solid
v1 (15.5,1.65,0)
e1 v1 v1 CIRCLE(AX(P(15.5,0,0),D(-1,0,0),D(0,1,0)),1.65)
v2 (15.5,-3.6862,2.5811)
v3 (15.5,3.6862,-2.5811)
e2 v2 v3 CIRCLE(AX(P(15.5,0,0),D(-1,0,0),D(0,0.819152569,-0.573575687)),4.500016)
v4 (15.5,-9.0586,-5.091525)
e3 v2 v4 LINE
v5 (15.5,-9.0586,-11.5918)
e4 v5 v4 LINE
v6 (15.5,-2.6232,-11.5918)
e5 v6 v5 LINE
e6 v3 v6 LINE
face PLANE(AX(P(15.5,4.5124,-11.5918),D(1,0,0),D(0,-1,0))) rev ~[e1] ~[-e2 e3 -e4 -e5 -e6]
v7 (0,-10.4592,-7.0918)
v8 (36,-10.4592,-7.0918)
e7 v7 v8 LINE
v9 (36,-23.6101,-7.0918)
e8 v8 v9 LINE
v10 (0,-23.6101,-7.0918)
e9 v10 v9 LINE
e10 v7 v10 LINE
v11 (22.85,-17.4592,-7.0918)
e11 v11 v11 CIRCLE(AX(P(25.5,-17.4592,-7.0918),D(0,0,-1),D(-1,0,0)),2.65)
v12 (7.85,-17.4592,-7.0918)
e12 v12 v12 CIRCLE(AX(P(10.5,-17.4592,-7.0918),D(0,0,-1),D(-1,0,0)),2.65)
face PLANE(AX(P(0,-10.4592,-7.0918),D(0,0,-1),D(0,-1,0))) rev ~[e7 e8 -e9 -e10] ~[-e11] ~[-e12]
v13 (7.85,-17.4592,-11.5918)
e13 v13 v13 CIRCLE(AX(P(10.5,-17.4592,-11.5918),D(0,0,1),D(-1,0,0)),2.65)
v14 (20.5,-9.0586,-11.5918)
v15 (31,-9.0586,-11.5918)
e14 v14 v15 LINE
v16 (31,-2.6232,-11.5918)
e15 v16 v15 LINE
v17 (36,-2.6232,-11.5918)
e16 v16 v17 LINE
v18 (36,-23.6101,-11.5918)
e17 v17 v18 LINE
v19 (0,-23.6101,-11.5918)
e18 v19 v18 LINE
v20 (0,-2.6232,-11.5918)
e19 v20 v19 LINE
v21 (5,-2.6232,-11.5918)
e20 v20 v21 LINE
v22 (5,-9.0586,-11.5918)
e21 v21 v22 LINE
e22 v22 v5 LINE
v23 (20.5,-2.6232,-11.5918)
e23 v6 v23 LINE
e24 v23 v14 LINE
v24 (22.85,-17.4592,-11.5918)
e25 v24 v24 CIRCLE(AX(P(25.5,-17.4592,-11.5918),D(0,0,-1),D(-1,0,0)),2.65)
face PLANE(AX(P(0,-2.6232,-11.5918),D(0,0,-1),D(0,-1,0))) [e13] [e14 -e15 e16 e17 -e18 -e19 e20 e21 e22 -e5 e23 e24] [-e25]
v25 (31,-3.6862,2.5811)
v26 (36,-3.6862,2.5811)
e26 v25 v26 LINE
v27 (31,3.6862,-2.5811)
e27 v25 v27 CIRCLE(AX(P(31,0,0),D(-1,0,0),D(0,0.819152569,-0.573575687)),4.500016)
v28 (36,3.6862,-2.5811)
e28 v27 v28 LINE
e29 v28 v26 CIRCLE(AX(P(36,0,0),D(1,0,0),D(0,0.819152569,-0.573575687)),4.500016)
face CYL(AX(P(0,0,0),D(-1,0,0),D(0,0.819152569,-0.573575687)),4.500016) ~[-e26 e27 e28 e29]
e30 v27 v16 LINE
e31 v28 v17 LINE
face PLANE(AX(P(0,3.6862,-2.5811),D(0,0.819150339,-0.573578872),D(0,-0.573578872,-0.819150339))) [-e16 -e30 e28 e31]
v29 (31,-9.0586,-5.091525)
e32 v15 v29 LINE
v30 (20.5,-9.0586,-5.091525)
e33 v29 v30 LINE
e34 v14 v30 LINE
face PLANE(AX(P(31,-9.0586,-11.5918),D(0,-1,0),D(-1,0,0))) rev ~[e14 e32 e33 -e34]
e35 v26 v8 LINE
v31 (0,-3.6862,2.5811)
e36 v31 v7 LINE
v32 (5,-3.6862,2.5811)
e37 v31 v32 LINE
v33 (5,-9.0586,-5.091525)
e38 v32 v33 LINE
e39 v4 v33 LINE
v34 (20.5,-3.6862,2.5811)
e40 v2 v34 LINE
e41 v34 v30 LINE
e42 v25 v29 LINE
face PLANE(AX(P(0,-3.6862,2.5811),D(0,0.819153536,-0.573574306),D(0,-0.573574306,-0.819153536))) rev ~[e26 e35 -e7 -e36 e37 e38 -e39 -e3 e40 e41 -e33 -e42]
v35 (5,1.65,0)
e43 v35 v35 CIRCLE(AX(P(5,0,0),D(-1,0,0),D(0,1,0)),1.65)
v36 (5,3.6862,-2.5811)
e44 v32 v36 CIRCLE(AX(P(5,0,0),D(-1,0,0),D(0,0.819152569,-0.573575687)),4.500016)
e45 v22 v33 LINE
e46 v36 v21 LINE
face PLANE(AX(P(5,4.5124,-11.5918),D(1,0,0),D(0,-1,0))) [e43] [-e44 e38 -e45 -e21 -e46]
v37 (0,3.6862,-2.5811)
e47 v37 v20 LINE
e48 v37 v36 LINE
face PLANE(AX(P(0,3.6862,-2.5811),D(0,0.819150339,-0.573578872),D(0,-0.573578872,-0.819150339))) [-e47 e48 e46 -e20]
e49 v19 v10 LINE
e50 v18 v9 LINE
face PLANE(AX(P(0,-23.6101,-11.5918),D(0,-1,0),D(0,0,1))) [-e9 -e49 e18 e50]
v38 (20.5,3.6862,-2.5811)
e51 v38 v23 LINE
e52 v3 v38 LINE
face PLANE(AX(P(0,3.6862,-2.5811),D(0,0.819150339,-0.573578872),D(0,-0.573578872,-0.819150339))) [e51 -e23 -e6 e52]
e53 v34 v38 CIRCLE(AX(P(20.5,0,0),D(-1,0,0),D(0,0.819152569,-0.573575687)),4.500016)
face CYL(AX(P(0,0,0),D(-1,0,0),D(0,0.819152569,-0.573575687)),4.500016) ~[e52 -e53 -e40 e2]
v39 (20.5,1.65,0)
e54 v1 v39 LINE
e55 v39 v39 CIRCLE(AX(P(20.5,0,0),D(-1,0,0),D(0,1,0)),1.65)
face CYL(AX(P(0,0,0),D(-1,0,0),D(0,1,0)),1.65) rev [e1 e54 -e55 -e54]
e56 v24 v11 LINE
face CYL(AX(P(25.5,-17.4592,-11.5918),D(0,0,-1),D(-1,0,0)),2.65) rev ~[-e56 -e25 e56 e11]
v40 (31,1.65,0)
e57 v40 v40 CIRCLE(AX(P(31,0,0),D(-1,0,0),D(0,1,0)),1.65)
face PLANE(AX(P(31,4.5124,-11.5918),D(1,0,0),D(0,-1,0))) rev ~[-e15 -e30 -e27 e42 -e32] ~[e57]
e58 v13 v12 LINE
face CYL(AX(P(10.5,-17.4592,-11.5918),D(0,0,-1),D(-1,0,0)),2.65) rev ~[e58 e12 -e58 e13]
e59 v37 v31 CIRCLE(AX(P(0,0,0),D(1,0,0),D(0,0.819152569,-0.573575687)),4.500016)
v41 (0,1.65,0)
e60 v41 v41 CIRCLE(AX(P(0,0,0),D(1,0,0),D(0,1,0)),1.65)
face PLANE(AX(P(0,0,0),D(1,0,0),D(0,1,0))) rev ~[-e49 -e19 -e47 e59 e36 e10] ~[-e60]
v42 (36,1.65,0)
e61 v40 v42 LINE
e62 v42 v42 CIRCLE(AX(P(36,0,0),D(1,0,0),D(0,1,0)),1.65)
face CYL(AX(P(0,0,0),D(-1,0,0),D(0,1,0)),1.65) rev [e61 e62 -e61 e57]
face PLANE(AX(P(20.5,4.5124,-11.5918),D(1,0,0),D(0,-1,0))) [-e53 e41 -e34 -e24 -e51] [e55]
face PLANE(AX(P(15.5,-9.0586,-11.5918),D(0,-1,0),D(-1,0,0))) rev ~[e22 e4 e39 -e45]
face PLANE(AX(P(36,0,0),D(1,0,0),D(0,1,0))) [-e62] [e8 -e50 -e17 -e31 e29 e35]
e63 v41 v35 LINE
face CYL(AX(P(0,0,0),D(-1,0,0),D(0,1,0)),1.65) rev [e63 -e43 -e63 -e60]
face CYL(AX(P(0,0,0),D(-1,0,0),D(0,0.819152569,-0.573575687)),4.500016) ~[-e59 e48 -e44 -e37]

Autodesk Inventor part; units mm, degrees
ref_plane "YZ Plane" through (0, 0, 0) normal (1, 0, 0) x (0, 1, 0)
ref_plane "XZ Plane" through (0, 0, 0) normal (0, 1, 0) x (-1, 0, 0)
ref_plane "XY Plane" through (0, 0, 0) normal (0, 0, 1) x (1, 0, 0)
sketch "스케치1" plane through (0, 0, 0) normal (1, 0, 0) x (0, 1, 0)
  circle A0 centre (0, 0) radius 1.65
  line L0 (-23.6101, -11.5918) -> (-23.6101, -7.0918)
  arc A1 (3.6862, -2.5811) -> (-3.6862, 2.5811) centre (0, 0) ccw
  line L1 (-3.6862, 2.5811) -> (-10.4592, -7.0918)
  line L2 (-10.4592, -7.0918) -> (-23.6101, -7.0918)
  line L3 (3.6862, -2.5811) -> (-2.6232, -11.5918)
  line L4 (-2.6232, -11.5918) -> (-23.6101, -11.5918)
  line L5 (-10.4592, -7.0918) -> (-9.0498, -7.0918)
  line L6 (-9.0498, -7.0918) -> (-9.0498, -11.5918)
  dimension "d5" = 4.5
extrude "돌출1" add sketch "스케치1" along normal blind 36 contours A0 | L0 L2 L5 L6 L4 | L6 L5 L1 A1 L3 L4
sketch "스케치4" plane through (0, -23.6101, -11.5918) normal (0, 0, -1) x (-1, 0, 0)
  line L0 (-36, 14.5515) -> (-31, 14.5515)
  line L1 (-31, 14.5515) -> (-30, 14.5515)
  line L2 (-30, 14.5515) -> (-21.5, 14.5515)
  line L3 (-21.5, 14.5515) -> (-20.5, 14.5515)
  line L4 (-20.5, 14.5515) -> (-15.5, 14.5515)
  line L5 (-15.5, 14.5515) -> (-14.5, 14.5515)
  line L6 (-14.5, 14.5515) -> (-6, 14.5515)
  line L7 (-6, 14.5515) -> (-5, 14.5515)
  line L8 (-5, 14.5515) -> (0, 14.5515)
  line L9 (-36, 14.5515) -> (-36, 28.1225)
  line L10 (-36, 28.1225) -> (-31, 28.1225)
  line L11 (-31, 28.1225) -> (-31, 14.5515)
  line L12 (-31, 14.5515) -> (-36, 14.5515)
  line L13 (-36, 19.9239) -> (-36, 13.1509) projected
  line L14 (-31, 28.1225) -> (-30, 28.1225)
  line L15 (-30, 28.1225) -> (-30, 14.5515)
  line L16 (-30, 14.5515) -> (-31, 14.5515)
  line L17 (-31, 14.5515) -> (-31, 28.1225)
  line L18 (-30, 28.1225) -> (-21.5, 28.1225)
  line L19 (-21.5, 28.1225) -> (-21.5, 14.5515)
  line L20 (-21.5, 14.5515) -> (-30, 14.5515)
  line L21 (-30, 14.5515) -> (-30, 28.1225)
  line L22 (-21.5, 28.1225) -> (-20.5, 28.1225)
  line L23 (-20.5, 28.1225) -> (-20.5, 14.5515)
  line L24 (-20.5, 14.5515) -> (-21.5, 14.5515)
  line L25 (-21.5, 14.5515) -> (-21.5, 28.1225)
  line L26 (-20.5, 28.1225) -> (-15.5, 28.1225)
  line L27 (-15.5, 28.1225) -> (-15.5, 14.5515)
  line L28 (-15.5, 14.5515) -> (-20.5, 14.5515)
  line L29 (-20.5, 14.5515) -> (-20.5, 28.1225)
  line L30 (-15.5, 28.1225) -> (-14.5, 28.1225)
  line L31 (-14.5, 28.1225) -> (-14.5, 14.5515)
  line L32 (-14.5, 14.5515) -> (-15.5, 14.5515)
  line L33 (-15.5, 14.5515) -> (-15.5, 28.1225)
  line L34 (-14.5, 28.1225) -> (-6, 28.1225)
  line L35 (-6, 28.1225) -> (-6, 14.5515)
  line L36 (-6, 14.5515) -> (-14.5, 14.5515)
  line L37 (-14.5, 14.5515) -> (-14.5, 28.1225)
  line L38 (-6, 28.1225) -> (-5, 28.1225)
  line L39 (-5, 28.1225) -> (-5, 14.5515)
  line L40 (-5, 14.5515) -> (-6, 14.5515)
  line L41 (-6, 14.5515) -> (-6, 28.1225)
  line L42 (-5, 28.1225) -> (0, 28.1225)
  line L43 (0, 28.1225) -> (0, 14.5515)
  line L44 (0, 14.5515) -> (-5, 14.5515)
  line L45 (-5, 14.5515) -> (-5, 28.1225)
  line L46 (-36, 13.1509) -> (-10.5, 13.1509)
  line L47 (0, 13.1509) -> (-36, 13.1509) projected
  line L48 (-18, 13.1509) -> (-18, 6.1509)
  line L49 (-18, 6.1509) -> (-25.5, 6.1509)
  line L50 (-18, 6.1509) -> (-10.5, 6.1509)
  circle A0 centre (-25.5, 6.1509) radius 2.65
  circle A1 centre (-10.5, 6.1509) radius 2.65
  dimension "d17" = 5
  dimension "d18" = 1
  dimension "d19" = 8.5
  dimension "d20" = 1
  dimension "d21" = 5
  dimension "d22" = 1
  dimension "d23" = 8.5
  dimension "d24" = 1
  dimension "d25" = 5
  dimension "d38" = 7
  dimension "d39" = 7.5
  dimension "d40" = 7.5
  dimension "d41" = 5.3
  dimension "d42" = 5.3
extrude "돌출2" cut sketch "스케치4" against normal blind 18 contours L11 L14 L15 L1 | L15 L18 L19 L2 | L19 L22 L23 L3 | L27 L30 L31 L5 | L31 L34 L35 L6 | L35 L38 L39 L7
extrude "돌출3" cut sketch "스케치1" along normal blind 36 contours A0
extrude "돌출6" cut sketch "스케치4" against normal blind 10 contours A0
extrude "돌출7" cut sketch "스케치4" against normal blind 10 contours A1
properties part number "xy 아이들러"
